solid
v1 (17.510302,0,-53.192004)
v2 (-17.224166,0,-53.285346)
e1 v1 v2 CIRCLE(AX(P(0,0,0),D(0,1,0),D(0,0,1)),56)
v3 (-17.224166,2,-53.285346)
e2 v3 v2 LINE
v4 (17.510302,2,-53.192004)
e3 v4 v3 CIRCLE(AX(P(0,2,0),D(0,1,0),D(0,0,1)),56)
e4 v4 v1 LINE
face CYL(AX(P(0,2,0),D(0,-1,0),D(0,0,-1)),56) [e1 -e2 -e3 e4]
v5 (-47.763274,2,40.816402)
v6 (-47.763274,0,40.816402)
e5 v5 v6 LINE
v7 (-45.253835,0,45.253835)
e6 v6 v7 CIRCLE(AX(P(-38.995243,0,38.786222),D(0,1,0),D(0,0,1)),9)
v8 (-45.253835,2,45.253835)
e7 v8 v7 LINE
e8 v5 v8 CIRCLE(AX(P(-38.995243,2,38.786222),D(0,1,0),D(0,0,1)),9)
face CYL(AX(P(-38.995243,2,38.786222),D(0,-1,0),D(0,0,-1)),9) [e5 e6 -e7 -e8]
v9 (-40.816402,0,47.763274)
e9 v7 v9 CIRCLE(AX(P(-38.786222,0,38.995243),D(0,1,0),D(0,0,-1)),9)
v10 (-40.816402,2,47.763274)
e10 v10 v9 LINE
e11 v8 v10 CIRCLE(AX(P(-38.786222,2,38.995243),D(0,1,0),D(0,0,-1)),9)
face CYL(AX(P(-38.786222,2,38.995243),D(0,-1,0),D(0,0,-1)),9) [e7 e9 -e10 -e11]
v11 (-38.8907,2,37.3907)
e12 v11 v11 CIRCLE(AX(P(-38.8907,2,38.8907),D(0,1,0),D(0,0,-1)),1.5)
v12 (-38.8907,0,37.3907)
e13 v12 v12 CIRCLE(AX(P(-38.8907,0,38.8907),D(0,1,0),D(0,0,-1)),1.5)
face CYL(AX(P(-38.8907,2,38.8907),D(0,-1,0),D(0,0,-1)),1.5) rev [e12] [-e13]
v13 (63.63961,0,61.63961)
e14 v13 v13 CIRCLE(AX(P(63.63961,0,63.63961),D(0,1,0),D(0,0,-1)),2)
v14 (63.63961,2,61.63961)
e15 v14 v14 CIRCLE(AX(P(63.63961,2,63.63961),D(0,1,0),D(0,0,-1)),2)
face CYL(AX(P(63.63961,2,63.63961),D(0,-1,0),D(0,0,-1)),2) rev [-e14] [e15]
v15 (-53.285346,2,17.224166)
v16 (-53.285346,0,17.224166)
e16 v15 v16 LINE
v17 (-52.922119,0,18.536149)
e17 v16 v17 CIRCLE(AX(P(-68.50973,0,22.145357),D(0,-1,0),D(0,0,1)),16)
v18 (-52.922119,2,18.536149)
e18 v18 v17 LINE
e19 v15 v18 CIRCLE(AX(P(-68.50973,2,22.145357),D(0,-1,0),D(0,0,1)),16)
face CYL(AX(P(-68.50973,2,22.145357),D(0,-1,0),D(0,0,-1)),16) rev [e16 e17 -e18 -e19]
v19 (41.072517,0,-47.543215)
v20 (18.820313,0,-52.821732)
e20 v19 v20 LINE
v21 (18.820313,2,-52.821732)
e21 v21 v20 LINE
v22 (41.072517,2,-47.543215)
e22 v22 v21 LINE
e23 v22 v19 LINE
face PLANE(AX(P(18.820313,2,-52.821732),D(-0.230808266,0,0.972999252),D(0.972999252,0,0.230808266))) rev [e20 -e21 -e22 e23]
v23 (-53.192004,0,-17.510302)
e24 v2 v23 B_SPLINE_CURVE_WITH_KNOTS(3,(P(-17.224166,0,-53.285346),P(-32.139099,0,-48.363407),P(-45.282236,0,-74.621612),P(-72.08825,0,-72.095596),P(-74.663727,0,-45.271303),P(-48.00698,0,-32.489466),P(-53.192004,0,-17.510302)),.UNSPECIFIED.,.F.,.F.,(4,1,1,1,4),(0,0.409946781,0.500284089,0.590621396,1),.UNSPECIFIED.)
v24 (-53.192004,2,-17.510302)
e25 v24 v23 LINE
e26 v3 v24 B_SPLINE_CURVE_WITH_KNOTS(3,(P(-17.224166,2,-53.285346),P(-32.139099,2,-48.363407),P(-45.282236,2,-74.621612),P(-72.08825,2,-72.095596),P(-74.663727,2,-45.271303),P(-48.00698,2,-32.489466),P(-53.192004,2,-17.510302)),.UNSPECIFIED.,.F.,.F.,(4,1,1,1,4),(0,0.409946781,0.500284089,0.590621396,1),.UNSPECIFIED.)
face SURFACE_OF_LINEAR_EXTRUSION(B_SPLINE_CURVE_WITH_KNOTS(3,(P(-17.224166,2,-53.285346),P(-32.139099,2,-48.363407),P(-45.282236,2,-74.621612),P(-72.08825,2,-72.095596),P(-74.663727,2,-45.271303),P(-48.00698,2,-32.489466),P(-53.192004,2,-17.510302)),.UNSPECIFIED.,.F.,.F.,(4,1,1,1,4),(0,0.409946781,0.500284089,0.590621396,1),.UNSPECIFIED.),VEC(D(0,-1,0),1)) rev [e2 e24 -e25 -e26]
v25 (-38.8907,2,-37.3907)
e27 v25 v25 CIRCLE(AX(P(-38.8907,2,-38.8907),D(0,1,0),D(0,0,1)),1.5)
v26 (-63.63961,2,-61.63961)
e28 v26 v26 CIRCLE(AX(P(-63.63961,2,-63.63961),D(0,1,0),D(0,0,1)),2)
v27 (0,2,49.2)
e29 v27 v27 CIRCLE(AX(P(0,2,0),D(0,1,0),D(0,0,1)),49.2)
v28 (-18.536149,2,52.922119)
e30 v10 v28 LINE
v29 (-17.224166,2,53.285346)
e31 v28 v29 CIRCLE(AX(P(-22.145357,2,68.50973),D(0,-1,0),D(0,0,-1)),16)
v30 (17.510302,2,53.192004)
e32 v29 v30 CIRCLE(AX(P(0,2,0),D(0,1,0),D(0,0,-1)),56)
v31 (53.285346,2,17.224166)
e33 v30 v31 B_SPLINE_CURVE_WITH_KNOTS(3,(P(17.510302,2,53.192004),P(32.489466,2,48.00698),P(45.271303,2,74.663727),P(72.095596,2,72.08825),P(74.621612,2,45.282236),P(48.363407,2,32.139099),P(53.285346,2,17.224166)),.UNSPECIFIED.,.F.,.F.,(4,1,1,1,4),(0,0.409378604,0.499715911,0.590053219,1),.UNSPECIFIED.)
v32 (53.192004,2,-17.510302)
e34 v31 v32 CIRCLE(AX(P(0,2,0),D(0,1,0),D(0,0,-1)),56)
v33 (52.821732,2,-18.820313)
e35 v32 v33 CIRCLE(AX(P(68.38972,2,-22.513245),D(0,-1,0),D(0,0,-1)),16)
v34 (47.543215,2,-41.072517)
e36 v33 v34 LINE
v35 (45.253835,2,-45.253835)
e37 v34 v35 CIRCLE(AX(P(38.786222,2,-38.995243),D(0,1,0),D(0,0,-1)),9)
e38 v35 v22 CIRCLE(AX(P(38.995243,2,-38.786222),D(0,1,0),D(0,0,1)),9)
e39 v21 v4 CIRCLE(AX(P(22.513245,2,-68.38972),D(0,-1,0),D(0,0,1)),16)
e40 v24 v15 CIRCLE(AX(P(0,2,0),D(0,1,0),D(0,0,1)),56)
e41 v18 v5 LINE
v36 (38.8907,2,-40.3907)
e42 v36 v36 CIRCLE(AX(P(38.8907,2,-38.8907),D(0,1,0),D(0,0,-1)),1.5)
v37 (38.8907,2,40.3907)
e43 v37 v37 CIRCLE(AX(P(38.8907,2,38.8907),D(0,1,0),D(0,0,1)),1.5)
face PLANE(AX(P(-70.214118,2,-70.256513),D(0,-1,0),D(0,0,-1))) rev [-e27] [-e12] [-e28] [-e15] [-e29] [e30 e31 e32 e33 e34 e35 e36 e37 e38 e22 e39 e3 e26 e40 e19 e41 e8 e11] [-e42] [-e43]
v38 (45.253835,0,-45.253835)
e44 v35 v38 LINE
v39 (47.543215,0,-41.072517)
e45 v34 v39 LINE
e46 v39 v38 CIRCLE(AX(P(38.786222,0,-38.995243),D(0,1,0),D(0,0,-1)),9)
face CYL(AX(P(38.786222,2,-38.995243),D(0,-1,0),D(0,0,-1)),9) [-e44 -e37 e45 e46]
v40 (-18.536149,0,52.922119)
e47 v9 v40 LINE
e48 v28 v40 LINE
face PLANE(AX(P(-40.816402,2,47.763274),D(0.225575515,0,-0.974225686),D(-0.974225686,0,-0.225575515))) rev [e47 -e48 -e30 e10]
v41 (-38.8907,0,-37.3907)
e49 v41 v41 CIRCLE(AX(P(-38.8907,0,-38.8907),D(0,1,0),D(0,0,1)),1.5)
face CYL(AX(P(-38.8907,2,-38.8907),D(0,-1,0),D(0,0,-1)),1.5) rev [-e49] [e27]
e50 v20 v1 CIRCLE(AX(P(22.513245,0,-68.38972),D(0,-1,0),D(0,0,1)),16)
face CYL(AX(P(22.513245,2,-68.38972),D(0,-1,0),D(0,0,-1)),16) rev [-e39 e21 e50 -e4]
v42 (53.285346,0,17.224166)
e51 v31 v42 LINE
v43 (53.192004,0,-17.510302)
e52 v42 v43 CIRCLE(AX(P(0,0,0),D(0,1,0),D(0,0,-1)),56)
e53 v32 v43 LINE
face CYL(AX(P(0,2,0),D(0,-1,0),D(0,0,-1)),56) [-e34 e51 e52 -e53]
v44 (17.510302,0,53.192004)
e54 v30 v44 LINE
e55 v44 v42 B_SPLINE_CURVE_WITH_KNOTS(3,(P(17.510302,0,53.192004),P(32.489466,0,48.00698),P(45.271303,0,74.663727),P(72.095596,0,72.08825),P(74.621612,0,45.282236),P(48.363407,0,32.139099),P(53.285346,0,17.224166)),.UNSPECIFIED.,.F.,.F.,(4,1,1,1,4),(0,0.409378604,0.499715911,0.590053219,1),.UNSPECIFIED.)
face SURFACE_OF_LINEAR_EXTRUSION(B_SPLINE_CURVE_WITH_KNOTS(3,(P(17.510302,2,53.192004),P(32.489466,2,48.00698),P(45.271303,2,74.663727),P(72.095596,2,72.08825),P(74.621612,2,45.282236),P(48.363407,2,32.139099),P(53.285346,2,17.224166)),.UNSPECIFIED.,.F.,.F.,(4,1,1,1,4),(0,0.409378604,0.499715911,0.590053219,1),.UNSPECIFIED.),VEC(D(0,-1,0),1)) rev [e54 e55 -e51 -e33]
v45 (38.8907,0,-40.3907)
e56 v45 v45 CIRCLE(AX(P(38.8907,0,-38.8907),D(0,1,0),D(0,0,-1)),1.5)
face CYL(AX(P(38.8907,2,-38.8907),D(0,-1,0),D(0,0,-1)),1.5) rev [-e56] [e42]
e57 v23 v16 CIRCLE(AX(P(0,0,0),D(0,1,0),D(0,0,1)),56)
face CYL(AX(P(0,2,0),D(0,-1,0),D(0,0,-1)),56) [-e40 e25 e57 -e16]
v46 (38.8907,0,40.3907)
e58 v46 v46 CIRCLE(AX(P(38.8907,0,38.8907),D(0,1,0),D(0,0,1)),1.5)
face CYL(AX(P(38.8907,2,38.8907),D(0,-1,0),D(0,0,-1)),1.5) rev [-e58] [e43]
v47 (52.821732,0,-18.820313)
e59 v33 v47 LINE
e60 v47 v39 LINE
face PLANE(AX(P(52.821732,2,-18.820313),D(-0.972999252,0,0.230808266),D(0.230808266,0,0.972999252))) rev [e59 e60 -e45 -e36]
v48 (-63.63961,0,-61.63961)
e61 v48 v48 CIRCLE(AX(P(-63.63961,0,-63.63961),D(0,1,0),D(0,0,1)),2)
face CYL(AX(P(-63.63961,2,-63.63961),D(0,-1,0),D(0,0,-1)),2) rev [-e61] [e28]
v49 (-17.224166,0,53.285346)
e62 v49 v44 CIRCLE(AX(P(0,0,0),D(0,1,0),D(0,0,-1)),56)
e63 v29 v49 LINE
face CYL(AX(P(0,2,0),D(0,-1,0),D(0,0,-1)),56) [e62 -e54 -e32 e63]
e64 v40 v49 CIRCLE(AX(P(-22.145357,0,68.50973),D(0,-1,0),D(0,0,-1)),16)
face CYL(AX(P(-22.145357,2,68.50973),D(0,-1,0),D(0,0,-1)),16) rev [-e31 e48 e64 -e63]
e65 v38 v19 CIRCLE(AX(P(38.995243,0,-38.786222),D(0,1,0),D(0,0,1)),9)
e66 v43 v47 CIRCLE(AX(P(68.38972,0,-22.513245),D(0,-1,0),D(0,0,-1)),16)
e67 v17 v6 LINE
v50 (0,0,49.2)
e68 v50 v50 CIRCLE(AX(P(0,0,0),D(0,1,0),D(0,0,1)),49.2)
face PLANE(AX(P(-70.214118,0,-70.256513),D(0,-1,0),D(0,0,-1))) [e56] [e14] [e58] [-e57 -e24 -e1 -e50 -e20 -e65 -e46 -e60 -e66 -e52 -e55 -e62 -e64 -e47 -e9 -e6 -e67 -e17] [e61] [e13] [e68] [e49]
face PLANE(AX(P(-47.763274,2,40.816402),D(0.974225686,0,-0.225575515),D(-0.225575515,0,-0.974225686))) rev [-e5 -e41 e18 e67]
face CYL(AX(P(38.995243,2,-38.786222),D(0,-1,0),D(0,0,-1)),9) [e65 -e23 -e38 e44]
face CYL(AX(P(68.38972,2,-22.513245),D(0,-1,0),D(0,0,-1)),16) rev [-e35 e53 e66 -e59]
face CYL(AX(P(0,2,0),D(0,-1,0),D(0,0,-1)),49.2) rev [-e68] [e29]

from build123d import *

# Parameters (mm, degrees)
SKETCH1_R           = 1.5
SKETCH1_R_2         = 2
SKETCH1_R_3         = 49.2
BOSS_EXTRUDE1_DEPTH = 2


with BuildPart() as part:
    # Sketch1 → Boss-Extrude1 (new body)
    with BuildSketch(Plane(origin=(0, 0, 0), x_dir=(1, 0, 0), z_dir=(0, 1, 0))):
        with BuildLine():
            Line((18.82031265, 52.821731984), (41.072517471, 47.543215273))
            ThreePointArc((41.072517471, 47.543215273), (43.317509083, 46.680398122), (45.253835365, 45.253835365))
            ThreePointArc((45.253835365, 45.253835365), (46.680398122, 43.317509083), (47.543215273, 41.072517471))
            Line((47.543215273, 41.072517471), (52.821731984, 18.82031265))
            ThreePointArc((52.821731984, 18.82031265), (52.992929389, 18.161367335), (53.192004456, 17.510301595))
            ThreePointArc((53.192004456, 17.510301595), (55.281581077, 8.941297091), (55.999797799, 0.150487493))
            ThreePointArc((55.999797799, 0.150487493), (55.328837954, -8.644055219), (53.285345919, -17.224166462))
            add(Edge.make_bspline(
                [(17.510301595, -53.192004456), (32.489465834, -48.006980162), (45.271303322, -74.663727089), (72.09559562, -72.088250151), (74.621611528, -45.282235757), (48.363407378, -32.139098611), (53.285345919, -17.224166462)],
                knots=[0, 0, 0, 0, 0.409378604, 0.499715911, 0.590053219, 1, 1, 1, 1], degree=3))
            ThreePointArc((17.510301595, -53.192004456), (0.150487493, -55.999797799), (-17.224166462, -53.285345919))
            ThreePointArc((-17.224166462, -53.285345919), (-17.876292734, -53.089772901), (-18.536148639, -52.922119493))
            Line((-18.536148639, -52.922119493), (-40.816401641, -47.763274249))
            ThreePointArc((-40.816401641, -47.763274249), (-43.21650894, -46.829307007), (-45.253835365, -45.253835365))
            ThreePointArc((-45.253835365, -45.253835365), (-46.829307007, -43.21650894), (-47.763274249, -40.816401641))
            Line((-47.763274249, -40.816401641), (-52.922119493, -18.536148639))
            ThreePointArc((-52.922119493, -18.536148639), (-53.089772901, -17.876292734), (-53.285345919, -17.224166462))
            ThreePointArc((-53.285345919, -17.224166462), (-55.999797799, 0.150487493), (-53.192004456, 17.510301595))
            add(Edge.make_bspline(
                [(-53.192004456, 17.510301595), (-48.006980162, 32.489465834), (-74.663727089, 45.271303322), (-72.088250151, 72.09559562), (-45.282235757, 74.621611528), (-32.139098612, 48.363407378), (-17.224166462, 53.285345919)],
                knots=[0, 0, 0, 0, 0.409378604, 0.499715911, 0.590053219, 1, 1, 1, 1], degree=3))
            ThreePointArc((-17.224166462, 53.285345919), (-8.644055219, 55.328837954), (0.150487493, 55.999797799))
            ThreePointArc((0.150487493, 55.999797799), (8.941297091, 55.281581077), (17.510301595, 53.192004456))
            ThreePointArc((17.510301595, 53.192004456), (18.161367335, 52.992929389), (18.82031265, 52.821731984))
        make_face()
        with Locations(Location((-38.8907, 38.8907, 0), (0, 0, 270))):
            Circle(SKETCH1_R, mode=Mode.SUBTRACT)
        with Locations(Location((38.8907, 38.8907, 0), (0, 0, 90))):
            Circle(SKETCH1_R, mode=Mode.SUBTRACT)
        with Locations(Location((38.8907, -38.8907, 0), (0, 0, 270))):
            Circle(SKETCH1_R, mode=Mode.SUBTRACT)
        with Locations(Location((-38.8907, -38.8907, 0), (0, 0, 90))):
            Circle(SKETCH1_R, mode=Mode.SUBTRACT)
        with Locations(Location((-63.639610307, 63.639610307, 0), (0, 0, 270))):
            Circle(SKETCH1_R_2, mode=Mode.SUBTRACT)
        with Locations(Location((63.639610307, -63.639610307, 0), (0, 0, 90))):
            Circle(SKETCH1_R_2, mode=Mode.SUBTRACT)
        with Locations(Location((0, 0, 0), (0, 0, 270))):
            Circle(SKETCH1_R_3, mode=Mode.SUBTRACT)
    extrude(amount=BOSS_EXTRUDE1_DEPTH)


solid = part.part
